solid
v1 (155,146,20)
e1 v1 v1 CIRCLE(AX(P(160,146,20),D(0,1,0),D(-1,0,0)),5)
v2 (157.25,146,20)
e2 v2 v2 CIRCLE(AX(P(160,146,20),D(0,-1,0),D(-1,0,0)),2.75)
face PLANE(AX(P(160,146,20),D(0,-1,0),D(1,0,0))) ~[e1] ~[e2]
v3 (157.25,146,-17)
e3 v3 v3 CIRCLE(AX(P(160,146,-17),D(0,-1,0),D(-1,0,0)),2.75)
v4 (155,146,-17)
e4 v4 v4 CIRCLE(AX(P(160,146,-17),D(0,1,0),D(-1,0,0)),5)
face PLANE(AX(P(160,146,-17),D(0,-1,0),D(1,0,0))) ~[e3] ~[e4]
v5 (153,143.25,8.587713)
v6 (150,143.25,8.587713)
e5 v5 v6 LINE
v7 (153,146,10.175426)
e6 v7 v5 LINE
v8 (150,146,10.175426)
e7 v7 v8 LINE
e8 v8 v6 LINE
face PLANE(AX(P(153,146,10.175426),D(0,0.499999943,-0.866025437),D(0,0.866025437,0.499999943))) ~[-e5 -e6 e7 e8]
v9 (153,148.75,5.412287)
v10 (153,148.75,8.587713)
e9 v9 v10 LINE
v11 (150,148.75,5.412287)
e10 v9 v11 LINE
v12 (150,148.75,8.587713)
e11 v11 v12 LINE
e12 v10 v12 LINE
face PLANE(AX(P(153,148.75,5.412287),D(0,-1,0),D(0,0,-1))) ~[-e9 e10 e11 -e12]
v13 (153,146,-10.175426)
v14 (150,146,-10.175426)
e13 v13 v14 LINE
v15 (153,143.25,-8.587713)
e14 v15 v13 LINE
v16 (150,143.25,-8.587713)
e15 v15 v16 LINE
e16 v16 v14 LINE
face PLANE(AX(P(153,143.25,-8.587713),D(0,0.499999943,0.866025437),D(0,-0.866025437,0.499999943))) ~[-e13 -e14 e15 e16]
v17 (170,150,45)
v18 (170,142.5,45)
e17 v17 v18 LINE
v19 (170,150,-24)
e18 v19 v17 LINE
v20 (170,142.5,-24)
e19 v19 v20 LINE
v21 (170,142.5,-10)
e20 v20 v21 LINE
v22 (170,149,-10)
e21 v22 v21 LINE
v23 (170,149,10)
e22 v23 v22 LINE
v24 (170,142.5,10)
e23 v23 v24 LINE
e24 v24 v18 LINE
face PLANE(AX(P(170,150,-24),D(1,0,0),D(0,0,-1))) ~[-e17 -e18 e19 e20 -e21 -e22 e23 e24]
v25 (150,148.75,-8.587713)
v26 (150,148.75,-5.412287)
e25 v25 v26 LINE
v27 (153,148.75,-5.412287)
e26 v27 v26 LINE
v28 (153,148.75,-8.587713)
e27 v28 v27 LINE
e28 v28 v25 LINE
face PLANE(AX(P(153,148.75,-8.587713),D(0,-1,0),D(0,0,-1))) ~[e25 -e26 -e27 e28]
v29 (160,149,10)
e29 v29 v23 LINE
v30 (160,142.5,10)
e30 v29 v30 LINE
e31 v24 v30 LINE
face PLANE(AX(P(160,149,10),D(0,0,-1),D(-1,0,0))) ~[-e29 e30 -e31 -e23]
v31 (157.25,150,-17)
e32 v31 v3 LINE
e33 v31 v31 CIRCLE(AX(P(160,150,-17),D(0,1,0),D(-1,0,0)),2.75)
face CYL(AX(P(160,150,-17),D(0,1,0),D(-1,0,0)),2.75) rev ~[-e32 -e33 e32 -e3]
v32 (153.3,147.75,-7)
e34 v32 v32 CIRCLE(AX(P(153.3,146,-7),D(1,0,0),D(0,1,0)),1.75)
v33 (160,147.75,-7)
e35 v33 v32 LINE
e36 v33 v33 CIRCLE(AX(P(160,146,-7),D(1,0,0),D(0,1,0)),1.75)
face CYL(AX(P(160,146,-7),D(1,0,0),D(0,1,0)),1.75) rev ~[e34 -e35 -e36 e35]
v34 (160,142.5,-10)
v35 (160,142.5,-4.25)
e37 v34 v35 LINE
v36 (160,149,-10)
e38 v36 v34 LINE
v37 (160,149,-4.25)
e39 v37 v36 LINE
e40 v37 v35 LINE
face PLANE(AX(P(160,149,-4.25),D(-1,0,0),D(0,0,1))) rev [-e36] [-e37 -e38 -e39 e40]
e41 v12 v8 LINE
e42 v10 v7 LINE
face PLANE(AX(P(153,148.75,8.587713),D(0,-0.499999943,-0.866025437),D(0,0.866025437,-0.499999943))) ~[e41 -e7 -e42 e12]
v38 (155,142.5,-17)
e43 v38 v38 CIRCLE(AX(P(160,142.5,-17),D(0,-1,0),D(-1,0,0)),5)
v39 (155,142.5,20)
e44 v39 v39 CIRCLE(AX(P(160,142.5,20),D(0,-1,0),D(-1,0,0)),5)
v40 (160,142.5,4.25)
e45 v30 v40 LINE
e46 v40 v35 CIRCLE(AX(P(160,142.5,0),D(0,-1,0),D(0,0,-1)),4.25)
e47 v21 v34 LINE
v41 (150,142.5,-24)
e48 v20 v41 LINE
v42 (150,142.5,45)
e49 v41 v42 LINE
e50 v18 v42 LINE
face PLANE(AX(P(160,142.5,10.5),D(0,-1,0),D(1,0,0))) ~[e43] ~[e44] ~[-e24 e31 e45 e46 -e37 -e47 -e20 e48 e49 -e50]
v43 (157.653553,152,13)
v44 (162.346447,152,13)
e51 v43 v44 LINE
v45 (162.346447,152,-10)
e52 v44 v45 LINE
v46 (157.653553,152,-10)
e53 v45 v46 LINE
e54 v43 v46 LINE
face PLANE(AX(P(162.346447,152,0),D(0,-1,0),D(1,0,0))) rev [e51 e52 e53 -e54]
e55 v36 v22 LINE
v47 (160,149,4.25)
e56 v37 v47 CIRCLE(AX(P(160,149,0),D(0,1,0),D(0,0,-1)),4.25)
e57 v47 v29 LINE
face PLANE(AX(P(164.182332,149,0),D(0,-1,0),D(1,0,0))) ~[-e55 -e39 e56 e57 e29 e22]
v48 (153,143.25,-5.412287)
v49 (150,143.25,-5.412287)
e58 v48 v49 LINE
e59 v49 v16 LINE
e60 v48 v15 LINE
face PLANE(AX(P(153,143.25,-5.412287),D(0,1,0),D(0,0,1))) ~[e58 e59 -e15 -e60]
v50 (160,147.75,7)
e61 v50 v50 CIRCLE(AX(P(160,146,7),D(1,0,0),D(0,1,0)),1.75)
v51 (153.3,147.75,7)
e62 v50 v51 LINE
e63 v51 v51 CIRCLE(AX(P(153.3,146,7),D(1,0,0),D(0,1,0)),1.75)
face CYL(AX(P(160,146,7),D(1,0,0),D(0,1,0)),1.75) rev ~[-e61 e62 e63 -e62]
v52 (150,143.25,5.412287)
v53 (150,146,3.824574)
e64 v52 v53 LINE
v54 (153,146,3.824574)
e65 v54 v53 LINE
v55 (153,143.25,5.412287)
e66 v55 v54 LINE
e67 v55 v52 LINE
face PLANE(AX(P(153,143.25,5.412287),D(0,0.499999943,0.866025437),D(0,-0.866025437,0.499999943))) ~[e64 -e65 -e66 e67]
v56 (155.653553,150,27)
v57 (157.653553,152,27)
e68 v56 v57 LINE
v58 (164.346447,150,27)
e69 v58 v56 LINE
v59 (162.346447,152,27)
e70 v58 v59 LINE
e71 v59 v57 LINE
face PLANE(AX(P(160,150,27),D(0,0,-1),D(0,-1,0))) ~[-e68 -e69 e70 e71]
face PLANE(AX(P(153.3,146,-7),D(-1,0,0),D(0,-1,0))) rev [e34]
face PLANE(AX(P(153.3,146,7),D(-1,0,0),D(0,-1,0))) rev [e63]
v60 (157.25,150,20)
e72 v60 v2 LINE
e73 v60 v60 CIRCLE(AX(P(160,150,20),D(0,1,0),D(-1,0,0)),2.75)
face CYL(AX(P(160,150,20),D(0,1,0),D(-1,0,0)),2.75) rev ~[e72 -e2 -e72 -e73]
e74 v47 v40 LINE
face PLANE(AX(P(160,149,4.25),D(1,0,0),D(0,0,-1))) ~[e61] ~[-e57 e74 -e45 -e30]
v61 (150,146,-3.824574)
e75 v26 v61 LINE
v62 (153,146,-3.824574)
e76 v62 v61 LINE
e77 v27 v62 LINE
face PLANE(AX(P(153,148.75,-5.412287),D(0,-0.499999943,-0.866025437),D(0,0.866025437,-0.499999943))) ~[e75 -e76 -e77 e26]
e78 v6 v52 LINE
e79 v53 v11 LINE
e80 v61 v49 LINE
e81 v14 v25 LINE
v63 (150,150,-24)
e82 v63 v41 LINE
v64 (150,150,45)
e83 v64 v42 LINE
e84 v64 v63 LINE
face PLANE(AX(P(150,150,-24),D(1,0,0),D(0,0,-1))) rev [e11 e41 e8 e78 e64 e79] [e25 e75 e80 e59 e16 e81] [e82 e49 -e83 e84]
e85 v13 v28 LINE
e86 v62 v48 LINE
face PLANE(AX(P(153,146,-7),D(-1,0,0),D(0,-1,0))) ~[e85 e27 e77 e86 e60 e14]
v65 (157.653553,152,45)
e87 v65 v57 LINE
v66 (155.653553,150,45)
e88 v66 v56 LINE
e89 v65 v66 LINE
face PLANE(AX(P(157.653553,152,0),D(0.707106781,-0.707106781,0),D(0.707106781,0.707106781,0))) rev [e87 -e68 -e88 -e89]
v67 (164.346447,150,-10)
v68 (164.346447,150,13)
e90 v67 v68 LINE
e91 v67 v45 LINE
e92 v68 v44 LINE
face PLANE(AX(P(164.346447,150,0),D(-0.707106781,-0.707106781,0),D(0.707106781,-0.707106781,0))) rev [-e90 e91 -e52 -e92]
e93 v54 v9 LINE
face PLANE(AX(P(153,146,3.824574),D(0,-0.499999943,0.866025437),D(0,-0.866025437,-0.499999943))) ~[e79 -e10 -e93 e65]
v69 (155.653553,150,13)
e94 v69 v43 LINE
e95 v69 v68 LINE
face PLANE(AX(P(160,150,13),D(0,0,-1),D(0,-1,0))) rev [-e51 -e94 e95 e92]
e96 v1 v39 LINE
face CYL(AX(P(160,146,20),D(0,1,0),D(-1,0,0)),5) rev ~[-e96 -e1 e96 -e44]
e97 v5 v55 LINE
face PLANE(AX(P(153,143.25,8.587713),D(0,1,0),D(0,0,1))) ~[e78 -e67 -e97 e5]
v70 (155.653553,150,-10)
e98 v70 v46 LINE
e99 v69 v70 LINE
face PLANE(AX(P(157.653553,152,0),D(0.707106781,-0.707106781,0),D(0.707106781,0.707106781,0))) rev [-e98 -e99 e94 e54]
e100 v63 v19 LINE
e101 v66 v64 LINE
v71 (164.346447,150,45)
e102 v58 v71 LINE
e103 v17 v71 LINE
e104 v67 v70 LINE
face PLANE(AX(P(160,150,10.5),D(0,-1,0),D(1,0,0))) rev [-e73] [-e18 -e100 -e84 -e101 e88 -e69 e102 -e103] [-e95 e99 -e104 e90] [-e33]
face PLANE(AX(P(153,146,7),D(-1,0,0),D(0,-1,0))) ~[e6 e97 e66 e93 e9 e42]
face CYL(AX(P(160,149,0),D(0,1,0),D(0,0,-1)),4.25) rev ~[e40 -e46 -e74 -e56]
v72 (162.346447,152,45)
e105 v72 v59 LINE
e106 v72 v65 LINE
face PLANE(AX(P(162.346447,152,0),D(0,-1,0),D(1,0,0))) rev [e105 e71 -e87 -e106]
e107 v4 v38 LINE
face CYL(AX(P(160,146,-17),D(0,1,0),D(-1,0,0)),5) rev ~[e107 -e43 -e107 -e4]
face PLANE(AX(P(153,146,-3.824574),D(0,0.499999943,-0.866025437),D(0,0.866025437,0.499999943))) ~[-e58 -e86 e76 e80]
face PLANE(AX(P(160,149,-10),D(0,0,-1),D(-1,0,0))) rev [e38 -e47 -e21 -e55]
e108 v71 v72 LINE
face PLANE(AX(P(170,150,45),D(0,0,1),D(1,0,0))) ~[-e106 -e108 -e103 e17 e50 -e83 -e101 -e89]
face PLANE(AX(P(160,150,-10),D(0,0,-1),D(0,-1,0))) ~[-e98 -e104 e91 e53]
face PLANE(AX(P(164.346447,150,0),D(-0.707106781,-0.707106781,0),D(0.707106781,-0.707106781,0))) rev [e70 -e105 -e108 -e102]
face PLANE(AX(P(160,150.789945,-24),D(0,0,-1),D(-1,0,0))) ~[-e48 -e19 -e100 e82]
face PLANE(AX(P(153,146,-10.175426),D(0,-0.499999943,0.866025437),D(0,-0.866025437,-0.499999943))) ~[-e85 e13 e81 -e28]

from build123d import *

# Parameters (mm, degrees)
SKETCH510_W          = 20
SKETCH510_H          = 69
PAD114_DEPTH         = 7.5
PAD115_DEPTH         = 45
PAD115_DEPTH_BACK    = 24
POCKET361_DEPTH      = 6.501
SKETCH637_R          = 1.75
POCKET459_DEPTH      = 6.7
POCKET461_DEPTH      = 3.001
SKETCH642_W          = 2
SKETCH642_H          = 14
POCKET462_DEPTH      = 10.001
POCKET462_DEPTH_BACK = 10.001
SKETCH641_R          = 2.75
POCKET463_DEPTH      = 7.501
SKETCH643_R          = 5
POCKET464_DEPTH      = 3.501


with BuildPart() as xy_rod_mount_left:
    # Sketch510 → Pad114 (new body)
    with BuildSketch(Plane.XZ):
        with Locations((0, 10.5)):
            Rectangle(SKETCH510_W, SKETCH510_H)
    extrude(amount=PAD114_DEPTH)

    # Sketch511 → Pad115 (join, two sides)
    with BuildSketch(Plane.XY) as pad115_sk:
        Polygon((-4.346447, 0), (-2.346447, 2), (2.346447, 2), (4.346447, 0), align=None)
    extrude(amount=PAD115_DEPTH)
    extrude(pad115_sk.sketch, amount=-PAD115_DEPTH_BACK)

    # Sketch512 → Pocket361 (cut, through all)
    with BuildSketch(Plane.XZ.offset(1)):
        with BuildLine():
            ThreePointArc((0, -4.25), (4.25, 0), (0, 4.25))
            Line((0, 4.25), (0, 10))
            Line((0, 10), (-10, 10))
            Line((-10, 10), (-10, -10))
            Line((0, -10), (-10, -10))
            Line((0, -4.25), (0, -10))
        make_face()
    extrude(amount=POCKET361_DEPTH, mode=Mode.SUBTRACT)

    # Sketch637 → Pocket459 (cut)
    with BuildSketch(Plane.YZ):
        with Locations((-4, 7)):
            Circle(SKETCH637_R)
        with Locations((-4, -7)):
            Circle(SKETCH637_R)
    extrude(amount=POCKET459_DEPTH, mode=Mode.SUBTRACT)

    # Sketch640 → Pocket461 (cut, through all)
    with BuildSketch(Plane.YZ.offset(7)):
        Polygon((-1.25, 5.412287), (-1.25, 8.587713), (-4, 10.175426), (-6.75, 8.587713), (-6.75, 5.412287), (-4, 3.824574), align=None)
        Polygon((-1.25, -8.587713), (-1.25, -5.412287), (-4, -3.824574), (-6.75, -5.412287), (-6.75, -8.587713), (-4, -10.175426), align=None)
    extrude(amount=POCKET461_DEPTH, mode=Mode.SUBTRACT)

    # Sketch642 → Pocket462 (cut, two sides)
    with BuildSketch(Plane.YZ) as pocket462_sk:
        with Locations((1, 20)):
            Rectangle(SKETCH642_W, SKETCH642_H)
        with Locations((1, -17)):
            Rectangle(SKETCH642_W, SKETCH642_H)
    extrude(amount=-POCKET462_DEPTH, mode=Mode.SUBTRACT)
    extrude(pocket462_sk.sketch, amount=POCKET462_DEPTH_BACK, mode=Mode.SUBTRACT)

    # Sketch641 → Pocket463 (cut, through all)
    with BuildSketch(Plane.XZ):
        with Locations((0, 20)):
            Circle(SKETCH641_R)
        with Locations((0, -17)):
            Circle(SKETCH641_R)
    extrude(amount=POCKET463_DEPTH, mode=Mode.SUBTRACT)

    # Sketch643 → Pocket464 (cut, through all)
    with BuildSketch(Plane.XZ.offset(4)):
        with Locations((0, 20)):
            Circle(SKETCH643_R)
        with Locations((0, -17)):
            Circle(SKETCH643_R)
    extrude(amount=POCKET464_DEPTH, mode=Mode.SUBTRACT)


with BuildPart() as xy_rod_mount_left_1:
    # Body178 placement: moved
    add(xy_rod_mount_left.part.moved(Location((-160, 150, 0))))


with BuildPart() as xy_rod_mount_right:
    # Part__Mirroring082: instance of xy-rod-mount-left
    add(xy_rod_mount_left_1.part.mirror(Plane(origin=(0, 0, 0), x_dir=(0, -1, 0), z_dir=(1, 0, 0))))


solid = xy_rod_mount_right.part
